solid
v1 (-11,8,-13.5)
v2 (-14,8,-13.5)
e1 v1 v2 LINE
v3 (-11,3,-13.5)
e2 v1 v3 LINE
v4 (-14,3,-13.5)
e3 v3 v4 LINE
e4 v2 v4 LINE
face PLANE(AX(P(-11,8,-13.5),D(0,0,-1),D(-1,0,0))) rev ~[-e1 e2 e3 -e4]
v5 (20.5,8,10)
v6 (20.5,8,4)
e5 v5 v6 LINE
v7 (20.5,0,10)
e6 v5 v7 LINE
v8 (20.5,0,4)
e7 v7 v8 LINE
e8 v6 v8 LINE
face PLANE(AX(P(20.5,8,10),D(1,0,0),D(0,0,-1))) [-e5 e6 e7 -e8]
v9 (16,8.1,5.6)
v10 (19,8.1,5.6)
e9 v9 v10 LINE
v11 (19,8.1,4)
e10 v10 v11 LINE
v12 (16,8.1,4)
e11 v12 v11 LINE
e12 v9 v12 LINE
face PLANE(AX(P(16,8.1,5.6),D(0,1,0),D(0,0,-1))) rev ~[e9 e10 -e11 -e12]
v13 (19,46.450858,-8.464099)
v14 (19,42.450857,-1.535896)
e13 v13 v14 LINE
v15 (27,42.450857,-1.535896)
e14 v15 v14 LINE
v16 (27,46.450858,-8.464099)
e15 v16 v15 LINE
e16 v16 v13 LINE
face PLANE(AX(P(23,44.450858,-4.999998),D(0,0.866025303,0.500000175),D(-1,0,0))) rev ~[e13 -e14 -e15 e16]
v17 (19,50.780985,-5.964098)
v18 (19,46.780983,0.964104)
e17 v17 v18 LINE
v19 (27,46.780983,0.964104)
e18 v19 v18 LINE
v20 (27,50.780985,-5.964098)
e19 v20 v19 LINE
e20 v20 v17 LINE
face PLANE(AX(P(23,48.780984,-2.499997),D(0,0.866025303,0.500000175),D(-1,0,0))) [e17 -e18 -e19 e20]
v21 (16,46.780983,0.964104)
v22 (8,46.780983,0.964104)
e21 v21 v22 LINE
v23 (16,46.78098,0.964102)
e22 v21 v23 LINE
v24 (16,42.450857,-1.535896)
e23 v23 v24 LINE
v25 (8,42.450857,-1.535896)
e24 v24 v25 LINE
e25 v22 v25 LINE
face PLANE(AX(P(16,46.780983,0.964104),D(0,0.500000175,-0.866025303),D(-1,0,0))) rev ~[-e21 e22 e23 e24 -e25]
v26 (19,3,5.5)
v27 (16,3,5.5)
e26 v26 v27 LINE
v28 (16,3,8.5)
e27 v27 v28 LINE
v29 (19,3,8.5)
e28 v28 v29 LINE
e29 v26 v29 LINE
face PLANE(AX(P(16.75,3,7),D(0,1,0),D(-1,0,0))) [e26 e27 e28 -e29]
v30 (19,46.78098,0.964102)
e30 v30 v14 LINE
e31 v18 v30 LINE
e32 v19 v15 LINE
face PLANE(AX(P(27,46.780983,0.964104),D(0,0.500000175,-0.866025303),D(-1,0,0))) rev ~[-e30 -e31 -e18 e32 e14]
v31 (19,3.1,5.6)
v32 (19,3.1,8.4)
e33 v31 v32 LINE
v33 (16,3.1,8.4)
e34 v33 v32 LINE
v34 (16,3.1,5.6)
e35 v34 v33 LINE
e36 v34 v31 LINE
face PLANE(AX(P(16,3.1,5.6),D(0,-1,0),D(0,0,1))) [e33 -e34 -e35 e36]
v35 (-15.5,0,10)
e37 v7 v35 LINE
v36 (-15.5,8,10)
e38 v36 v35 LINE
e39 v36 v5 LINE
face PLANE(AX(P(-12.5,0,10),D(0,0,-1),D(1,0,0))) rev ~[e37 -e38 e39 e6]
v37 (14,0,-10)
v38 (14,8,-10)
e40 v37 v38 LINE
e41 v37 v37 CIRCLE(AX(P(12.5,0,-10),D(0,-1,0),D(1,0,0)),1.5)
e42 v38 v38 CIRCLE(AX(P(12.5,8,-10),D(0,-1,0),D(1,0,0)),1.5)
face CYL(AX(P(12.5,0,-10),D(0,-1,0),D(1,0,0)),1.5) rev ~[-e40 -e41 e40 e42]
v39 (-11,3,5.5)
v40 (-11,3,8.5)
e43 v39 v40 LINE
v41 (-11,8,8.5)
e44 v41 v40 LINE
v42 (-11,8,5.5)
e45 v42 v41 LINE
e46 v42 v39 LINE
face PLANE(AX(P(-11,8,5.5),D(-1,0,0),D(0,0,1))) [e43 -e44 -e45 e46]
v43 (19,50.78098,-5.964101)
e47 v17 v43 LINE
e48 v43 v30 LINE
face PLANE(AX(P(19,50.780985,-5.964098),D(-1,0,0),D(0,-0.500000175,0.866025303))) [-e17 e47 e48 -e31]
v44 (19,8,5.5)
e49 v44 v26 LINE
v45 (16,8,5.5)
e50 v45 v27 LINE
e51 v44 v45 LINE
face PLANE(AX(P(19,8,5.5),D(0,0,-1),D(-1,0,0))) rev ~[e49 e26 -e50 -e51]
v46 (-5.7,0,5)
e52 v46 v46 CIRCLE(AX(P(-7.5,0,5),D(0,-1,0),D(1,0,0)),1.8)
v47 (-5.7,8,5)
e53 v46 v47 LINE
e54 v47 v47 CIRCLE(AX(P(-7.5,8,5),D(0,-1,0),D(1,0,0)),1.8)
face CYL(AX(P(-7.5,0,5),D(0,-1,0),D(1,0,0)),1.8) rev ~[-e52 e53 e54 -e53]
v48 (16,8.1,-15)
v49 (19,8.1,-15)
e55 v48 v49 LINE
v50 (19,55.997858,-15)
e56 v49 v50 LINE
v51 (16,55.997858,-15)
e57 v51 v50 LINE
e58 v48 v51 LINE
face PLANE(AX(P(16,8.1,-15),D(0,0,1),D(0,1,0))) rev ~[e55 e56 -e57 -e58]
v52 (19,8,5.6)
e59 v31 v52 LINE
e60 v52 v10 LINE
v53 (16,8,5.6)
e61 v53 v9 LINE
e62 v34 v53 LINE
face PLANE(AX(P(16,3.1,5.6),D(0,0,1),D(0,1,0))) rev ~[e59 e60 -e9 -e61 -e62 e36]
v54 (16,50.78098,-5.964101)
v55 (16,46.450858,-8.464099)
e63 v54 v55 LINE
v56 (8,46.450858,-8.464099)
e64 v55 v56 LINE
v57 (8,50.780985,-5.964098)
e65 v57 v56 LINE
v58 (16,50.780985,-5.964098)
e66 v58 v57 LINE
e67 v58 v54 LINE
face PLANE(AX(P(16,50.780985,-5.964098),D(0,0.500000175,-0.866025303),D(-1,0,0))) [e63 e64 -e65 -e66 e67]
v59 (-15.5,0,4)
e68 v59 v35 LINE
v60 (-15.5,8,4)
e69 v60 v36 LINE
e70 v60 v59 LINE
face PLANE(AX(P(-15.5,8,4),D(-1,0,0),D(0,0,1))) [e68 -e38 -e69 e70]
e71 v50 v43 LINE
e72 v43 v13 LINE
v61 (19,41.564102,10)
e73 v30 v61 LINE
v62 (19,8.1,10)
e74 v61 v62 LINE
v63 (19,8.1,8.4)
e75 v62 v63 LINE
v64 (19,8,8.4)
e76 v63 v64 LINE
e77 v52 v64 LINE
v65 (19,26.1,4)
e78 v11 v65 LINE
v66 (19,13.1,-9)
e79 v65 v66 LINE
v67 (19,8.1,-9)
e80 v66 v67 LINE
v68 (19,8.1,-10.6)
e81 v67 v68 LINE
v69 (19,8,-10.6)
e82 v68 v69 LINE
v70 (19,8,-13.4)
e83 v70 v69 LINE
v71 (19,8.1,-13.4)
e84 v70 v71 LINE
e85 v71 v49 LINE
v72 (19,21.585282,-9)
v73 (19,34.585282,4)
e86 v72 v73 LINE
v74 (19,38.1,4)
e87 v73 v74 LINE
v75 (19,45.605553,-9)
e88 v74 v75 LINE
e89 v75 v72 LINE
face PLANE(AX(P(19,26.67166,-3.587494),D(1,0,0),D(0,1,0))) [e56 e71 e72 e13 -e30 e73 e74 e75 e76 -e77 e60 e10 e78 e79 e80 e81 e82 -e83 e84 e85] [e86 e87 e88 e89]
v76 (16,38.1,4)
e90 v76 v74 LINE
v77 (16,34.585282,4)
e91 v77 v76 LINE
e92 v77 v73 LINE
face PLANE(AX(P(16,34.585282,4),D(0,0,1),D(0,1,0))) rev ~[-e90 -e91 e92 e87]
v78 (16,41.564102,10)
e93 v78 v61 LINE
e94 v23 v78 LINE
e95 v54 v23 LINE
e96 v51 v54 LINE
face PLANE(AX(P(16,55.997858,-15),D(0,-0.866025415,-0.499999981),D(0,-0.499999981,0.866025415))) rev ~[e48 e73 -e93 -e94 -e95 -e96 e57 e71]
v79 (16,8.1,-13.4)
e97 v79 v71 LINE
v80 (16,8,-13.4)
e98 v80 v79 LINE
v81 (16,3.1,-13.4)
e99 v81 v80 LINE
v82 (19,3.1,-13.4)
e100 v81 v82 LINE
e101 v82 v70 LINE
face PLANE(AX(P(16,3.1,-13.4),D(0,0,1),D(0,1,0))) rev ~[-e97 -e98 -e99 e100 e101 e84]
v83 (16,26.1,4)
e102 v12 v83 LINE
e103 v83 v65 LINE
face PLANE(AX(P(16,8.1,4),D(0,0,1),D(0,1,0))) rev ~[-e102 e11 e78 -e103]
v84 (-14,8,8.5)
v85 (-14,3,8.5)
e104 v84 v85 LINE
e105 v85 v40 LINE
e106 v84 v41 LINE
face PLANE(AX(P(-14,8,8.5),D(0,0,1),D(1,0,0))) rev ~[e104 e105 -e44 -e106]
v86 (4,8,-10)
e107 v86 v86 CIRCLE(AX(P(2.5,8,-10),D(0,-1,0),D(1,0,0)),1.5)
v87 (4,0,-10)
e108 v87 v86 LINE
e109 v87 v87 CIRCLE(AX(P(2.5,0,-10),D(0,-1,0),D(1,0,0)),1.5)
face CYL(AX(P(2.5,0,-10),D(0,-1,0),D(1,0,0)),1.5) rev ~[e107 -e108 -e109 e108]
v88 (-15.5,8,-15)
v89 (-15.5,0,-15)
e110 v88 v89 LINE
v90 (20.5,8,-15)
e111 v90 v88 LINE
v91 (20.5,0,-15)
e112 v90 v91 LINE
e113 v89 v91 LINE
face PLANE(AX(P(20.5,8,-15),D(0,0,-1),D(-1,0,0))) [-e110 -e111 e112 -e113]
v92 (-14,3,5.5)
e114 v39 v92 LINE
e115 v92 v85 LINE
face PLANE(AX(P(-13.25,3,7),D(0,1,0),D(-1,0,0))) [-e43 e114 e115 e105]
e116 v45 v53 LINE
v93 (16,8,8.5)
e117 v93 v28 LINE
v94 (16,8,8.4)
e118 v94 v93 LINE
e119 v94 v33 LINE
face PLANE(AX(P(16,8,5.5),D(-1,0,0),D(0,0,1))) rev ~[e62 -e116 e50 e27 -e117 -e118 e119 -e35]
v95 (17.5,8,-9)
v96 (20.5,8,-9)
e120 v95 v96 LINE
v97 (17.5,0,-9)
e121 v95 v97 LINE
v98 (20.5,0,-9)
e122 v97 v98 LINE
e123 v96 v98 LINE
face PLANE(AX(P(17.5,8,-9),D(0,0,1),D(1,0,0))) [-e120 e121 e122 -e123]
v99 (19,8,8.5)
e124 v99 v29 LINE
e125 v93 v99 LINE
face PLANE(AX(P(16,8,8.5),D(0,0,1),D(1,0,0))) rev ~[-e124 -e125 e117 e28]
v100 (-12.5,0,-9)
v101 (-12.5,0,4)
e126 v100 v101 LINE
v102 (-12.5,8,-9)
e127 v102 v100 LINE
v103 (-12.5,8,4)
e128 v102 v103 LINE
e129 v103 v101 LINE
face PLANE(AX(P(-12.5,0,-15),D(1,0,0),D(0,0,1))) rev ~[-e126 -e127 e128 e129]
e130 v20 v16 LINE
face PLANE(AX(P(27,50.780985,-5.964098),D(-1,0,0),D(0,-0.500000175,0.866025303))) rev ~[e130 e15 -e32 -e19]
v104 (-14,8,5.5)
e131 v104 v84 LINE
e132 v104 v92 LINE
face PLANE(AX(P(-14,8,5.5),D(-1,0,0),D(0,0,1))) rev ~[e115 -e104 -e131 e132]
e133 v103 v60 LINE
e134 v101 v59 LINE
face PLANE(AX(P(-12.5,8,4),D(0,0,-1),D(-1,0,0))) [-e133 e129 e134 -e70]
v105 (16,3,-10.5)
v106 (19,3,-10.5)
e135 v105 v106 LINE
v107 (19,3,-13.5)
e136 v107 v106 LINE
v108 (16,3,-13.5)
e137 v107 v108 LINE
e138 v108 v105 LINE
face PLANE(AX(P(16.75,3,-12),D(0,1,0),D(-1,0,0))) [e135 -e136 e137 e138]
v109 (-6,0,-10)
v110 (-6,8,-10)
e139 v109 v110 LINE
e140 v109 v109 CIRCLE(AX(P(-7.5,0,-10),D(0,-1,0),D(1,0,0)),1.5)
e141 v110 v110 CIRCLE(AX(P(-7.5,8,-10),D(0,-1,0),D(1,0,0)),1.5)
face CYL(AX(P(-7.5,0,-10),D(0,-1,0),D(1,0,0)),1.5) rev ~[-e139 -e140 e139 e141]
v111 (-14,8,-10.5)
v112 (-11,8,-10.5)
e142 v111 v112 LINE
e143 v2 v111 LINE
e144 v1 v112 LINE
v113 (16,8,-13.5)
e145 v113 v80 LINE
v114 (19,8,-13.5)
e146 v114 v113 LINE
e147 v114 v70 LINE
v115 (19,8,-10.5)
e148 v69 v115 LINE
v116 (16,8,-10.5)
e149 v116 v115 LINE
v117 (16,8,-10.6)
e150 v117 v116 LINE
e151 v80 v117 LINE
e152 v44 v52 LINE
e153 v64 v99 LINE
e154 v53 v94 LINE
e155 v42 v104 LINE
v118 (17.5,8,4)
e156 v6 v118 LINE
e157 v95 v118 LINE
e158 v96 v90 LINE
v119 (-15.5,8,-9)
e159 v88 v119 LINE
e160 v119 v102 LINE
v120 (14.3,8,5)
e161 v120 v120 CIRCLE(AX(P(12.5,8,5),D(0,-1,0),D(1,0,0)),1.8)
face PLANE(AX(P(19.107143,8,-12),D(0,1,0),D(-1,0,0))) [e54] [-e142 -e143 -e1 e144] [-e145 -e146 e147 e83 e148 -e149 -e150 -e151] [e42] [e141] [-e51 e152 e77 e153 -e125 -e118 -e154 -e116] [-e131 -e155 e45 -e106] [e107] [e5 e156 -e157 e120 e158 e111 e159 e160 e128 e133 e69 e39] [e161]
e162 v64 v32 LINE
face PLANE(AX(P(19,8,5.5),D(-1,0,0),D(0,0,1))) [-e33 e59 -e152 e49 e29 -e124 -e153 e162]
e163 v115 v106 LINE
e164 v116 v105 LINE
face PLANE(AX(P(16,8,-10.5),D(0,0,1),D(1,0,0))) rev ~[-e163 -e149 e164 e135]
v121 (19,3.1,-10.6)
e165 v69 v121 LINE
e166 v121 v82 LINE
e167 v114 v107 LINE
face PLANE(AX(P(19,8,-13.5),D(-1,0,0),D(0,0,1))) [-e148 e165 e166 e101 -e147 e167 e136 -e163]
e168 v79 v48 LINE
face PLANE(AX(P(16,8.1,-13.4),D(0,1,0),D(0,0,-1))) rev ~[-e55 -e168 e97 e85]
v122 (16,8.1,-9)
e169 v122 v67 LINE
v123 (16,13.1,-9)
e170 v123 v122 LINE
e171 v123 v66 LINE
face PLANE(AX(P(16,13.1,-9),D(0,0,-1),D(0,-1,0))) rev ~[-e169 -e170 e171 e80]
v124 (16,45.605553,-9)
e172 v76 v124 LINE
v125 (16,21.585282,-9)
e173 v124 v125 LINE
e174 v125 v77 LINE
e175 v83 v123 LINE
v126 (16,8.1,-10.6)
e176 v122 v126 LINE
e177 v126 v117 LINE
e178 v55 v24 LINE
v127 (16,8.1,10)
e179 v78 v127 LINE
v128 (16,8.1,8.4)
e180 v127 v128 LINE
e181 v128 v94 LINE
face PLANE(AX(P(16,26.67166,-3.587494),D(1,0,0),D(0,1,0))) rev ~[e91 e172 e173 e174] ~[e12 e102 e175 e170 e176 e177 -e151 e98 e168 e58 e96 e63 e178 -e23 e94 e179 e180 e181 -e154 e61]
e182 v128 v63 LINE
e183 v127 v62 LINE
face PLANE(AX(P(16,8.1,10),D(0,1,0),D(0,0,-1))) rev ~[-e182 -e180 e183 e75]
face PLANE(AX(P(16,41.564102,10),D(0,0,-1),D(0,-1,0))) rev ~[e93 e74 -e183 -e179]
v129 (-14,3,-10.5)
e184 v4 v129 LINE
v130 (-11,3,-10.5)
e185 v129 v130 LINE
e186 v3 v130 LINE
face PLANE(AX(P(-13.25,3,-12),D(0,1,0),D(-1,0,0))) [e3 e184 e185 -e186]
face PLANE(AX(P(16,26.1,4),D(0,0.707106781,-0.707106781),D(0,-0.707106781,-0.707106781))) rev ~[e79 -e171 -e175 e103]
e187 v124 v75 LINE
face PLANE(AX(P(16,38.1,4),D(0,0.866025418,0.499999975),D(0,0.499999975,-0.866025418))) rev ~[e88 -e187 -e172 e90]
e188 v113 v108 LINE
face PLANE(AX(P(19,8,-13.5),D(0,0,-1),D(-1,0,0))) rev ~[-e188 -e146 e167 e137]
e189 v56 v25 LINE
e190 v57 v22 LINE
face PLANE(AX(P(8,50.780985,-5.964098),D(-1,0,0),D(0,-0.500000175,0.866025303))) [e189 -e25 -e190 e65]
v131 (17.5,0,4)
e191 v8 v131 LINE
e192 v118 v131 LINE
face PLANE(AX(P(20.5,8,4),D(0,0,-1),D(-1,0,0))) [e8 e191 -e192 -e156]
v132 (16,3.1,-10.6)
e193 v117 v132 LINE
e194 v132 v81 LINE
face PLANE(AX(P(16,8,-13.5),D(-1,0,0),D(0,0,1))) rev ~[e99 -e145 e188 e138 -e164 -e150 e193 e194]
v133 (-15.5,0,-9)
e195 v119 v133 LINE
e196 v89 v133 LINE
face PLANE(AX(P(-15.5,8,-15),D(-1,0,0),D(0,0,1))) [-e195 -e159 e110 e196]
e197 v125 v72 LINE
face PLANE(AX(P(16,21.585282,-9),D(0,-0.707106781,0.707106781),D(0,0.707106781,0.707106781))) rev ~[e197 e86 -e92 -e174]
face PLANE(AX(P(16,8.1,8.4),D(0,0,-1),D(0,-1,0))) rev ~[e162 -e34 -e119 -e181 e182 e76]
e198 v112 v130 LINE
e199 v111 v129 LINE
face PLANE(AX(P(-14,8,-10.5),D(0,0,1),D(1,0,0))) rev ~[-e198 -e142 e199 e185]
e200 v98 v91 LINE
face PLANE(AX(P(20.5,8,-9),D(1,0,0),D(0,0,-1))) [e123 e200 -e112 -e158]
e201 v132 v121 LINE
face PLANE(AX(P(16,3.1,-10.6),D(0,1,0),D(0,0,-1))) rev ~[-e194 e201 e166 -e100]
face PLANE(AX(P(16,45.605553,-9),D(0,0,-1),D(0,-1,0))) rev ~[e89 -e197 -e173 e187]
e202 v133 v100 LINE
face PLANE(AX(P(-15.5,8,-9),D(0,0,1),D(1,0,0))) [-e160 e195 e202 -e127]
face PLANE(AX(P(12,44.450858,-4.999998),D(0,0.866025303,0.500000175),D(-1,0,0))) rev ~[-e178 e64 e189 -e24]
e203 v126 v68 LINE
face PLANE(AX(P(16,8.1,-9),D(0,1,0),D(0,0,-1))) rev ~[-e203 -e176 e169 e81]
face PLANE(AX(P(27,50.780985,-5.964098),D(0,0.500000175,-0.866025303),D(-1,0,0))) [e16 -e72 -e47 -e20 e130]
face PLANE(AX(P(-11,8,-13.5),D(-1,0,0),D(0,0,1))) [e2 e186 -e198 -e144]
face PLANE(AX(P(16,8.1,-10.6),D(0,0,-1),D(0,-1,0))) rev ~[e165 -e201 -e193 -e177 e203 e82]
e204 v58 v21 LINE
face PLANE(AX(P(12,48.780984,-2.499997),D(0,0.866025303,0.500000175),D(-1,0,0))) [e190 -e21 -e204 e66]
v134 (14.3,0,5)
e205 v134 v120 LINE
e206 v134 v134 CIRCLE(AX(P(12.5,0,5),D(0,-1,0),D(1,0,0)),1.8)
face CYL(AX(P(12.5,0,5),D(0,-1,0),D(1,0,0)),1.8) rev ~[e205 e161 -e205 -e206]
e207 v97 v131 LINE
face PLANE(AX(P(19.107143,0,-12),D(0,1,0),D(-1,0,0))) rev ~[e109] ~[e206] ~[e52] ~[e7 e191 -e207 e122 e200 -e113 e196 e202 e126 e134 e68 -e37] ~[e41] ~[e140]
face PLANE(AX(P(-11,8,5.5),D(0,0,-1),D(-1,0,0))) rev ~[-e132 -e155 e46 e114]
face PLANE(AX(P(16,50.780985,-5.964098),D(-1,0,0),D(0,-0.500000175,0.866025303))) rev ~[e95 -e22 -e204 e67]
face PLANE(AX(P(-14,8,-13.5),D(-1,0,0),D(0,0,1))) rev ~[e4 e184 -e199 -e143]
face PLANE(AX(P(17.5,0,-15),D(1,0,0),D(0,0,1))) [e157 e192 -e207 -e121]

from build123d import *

# Parameters (mm, degrees)
F0_W     = 30
F0_H     = 25
F0_R     = 1.5
F0_R_2   = 1.8
F1_DEPTH = 8
F2_W     = 1.5
F2_H     = 3
F3_DEPTH = 8
F4_DEPTH = 5
F5_W     = 4.9
F5_H     = 2.8
F6_DEPTH = 3
F7_W     = 8
F7_H     = 8
F8_DEPTH = 5


with BuildPart() as f1:
    # F0 (on Front) → F1 (new body)
    with BuildSketch(Plane.XZ):
        with Locations((2.5, -2.5)):
            Rectangle(F0_W, F0_H)
        with Locations((-7.5, -10)):
            Circle(F0_R, mode=Mode.SUBTRACT)
        with Locations((2.5, -10)):
            Circle(F0_R, mode=Mode.SUBTRACT)
        with Locations((12.5, -10)):
            Circle(F0_R, mode=Mode.SUBTRACT)
        with Locations((-7.5, 5)):
            Circle(F0_R_2, mode=Mode.SUBTRACT)
        with Locations((12.5, 5)):
            Circle(F0_R_2, mode=Mode.SUBTRACT)
    extrude(amount=-F1_DEPTH)

    # F2 (on face) → F3 (join)
    with BuildSketch(Plane(origin=(0, 8, 0), x_dir=(-1, 0, 0), z_dir=(0, 1, 0))):
        Polygon((-17.5, -9), (-20.5, -9), (-20.5, -15), (-17.5, -15), (-17.5, -13.5), (-19, -13.5), (-19, -10.5), (-17.5, -10.5), align=None)
        Polygon((-17.5, 8.5), (-17.5, 10), (-20.5, 10), (-20.5, 4), (-17.5, 4), (-17.5, 5.5), (-19, 5.5), (-19, 8.5), align=None)
        Polygon((15.5, 10), (12.5, 10), (12.5, 8.5), (14, 8.5), (14, 5.5), (12.5, 5.5), (12.5, 4), (15.5, 4), align=None)
        Polygon((15.5, -15), (15.5, -9), (12.5, -9), (12.5, -10.5), (14, -10.5), (14, -13.5), (12.5, -13.5), (12.5, -15), align=None)
        with Locations((-18.25, 7)):
            Rectangle(F2_W, F2_H)
        with Locations((-18.25, -12)):
            Rectangle(F2_W, F2_H)
        with Locations((13.25, -12)):
            Rectangle(F2_W, F2_H)
        with Locations((13.25, 7)):
            Rectangle(F2_W, F2_H)
    extrude(amount=-F3_DEPTH)

    # F2 (on face) → F4 (cut)
    with BuildSketch(Plane(origin=(0, 8, 0), x_dir=(-1, 0, 0), z_dir=(0, 1, 0))):
        with Locations((-16.75, 7)):
            Rectangle(F2_W, F2_H)
        with Locations((-18.25, 7)):
            Rectangle(F2_W, F2_H)
        with Locations((-16.75, -12)):
            Rectangle(F2_W, F2_H)
        with Locations((-18.25, -12)):
            Rectangle(F2_W, F2_H)
        with Locations((13.25, -12)):
            Rectangle(F2_W, F2_H)
        with Locations((11.75, -12)):
            Rectangle(F2_W, F2_H)
        with Locations((13.25, 7)):
            Rectangle(F2_W, F2_H)
        with Locations((11.75, 7)):
            Rectangle(F2_W, F2_H)
    extrude(amount=-F4_DEPTH, mode=Mode.SUBTRACT)

    # F5 (on face) → F6 (join)
    with BuildSketch(Plane.YZ.offset(16)):
        Polygon((8.1, 8.4), (8, 8.4), (8, 5.6), (8.1, 5.6), (8.1, 4), (26.1, 4), (13.1, -9), (8.1, -9), (8.1, -10.6), (8, -10.6), (3.1, -10.6), (3.1, -13.4), (8, -13.4), (8.1, -13.4), (8.1, -13.5), (8.1, -15), (13.1, -15), (49.069655, -15), (55.997858, -15), (41.564102, 10), (38.1, 10), (8.1, 10), align=None)
        Polygon((34.585282, 4), (38.1, 4), (45.605553, -9), (21.585282, -9), align=None, mode=Mode.SUBTRACT)
        with Locations((5.55, 7)):
            Rectangle(F5_W, F5_H)
    extrude(amount=F6_DEPTH)

    # F7 (on face) → F8 (join)
    with BuildSketch(Plane(origin=(0, 35.503203, 20.497784), x_dir=(-1, 0, 0), z_dir=(0, 0.866025, 0.5))):
        with Locations((-23, -26.555553)):
            Rectangle(F7_W, F7_H)
        with Locations((-12, -26.555553)):
            Rectangle(F7_W, F7_H)
    extrude(amount=-F8_DEPTH)


solid = f1.part
